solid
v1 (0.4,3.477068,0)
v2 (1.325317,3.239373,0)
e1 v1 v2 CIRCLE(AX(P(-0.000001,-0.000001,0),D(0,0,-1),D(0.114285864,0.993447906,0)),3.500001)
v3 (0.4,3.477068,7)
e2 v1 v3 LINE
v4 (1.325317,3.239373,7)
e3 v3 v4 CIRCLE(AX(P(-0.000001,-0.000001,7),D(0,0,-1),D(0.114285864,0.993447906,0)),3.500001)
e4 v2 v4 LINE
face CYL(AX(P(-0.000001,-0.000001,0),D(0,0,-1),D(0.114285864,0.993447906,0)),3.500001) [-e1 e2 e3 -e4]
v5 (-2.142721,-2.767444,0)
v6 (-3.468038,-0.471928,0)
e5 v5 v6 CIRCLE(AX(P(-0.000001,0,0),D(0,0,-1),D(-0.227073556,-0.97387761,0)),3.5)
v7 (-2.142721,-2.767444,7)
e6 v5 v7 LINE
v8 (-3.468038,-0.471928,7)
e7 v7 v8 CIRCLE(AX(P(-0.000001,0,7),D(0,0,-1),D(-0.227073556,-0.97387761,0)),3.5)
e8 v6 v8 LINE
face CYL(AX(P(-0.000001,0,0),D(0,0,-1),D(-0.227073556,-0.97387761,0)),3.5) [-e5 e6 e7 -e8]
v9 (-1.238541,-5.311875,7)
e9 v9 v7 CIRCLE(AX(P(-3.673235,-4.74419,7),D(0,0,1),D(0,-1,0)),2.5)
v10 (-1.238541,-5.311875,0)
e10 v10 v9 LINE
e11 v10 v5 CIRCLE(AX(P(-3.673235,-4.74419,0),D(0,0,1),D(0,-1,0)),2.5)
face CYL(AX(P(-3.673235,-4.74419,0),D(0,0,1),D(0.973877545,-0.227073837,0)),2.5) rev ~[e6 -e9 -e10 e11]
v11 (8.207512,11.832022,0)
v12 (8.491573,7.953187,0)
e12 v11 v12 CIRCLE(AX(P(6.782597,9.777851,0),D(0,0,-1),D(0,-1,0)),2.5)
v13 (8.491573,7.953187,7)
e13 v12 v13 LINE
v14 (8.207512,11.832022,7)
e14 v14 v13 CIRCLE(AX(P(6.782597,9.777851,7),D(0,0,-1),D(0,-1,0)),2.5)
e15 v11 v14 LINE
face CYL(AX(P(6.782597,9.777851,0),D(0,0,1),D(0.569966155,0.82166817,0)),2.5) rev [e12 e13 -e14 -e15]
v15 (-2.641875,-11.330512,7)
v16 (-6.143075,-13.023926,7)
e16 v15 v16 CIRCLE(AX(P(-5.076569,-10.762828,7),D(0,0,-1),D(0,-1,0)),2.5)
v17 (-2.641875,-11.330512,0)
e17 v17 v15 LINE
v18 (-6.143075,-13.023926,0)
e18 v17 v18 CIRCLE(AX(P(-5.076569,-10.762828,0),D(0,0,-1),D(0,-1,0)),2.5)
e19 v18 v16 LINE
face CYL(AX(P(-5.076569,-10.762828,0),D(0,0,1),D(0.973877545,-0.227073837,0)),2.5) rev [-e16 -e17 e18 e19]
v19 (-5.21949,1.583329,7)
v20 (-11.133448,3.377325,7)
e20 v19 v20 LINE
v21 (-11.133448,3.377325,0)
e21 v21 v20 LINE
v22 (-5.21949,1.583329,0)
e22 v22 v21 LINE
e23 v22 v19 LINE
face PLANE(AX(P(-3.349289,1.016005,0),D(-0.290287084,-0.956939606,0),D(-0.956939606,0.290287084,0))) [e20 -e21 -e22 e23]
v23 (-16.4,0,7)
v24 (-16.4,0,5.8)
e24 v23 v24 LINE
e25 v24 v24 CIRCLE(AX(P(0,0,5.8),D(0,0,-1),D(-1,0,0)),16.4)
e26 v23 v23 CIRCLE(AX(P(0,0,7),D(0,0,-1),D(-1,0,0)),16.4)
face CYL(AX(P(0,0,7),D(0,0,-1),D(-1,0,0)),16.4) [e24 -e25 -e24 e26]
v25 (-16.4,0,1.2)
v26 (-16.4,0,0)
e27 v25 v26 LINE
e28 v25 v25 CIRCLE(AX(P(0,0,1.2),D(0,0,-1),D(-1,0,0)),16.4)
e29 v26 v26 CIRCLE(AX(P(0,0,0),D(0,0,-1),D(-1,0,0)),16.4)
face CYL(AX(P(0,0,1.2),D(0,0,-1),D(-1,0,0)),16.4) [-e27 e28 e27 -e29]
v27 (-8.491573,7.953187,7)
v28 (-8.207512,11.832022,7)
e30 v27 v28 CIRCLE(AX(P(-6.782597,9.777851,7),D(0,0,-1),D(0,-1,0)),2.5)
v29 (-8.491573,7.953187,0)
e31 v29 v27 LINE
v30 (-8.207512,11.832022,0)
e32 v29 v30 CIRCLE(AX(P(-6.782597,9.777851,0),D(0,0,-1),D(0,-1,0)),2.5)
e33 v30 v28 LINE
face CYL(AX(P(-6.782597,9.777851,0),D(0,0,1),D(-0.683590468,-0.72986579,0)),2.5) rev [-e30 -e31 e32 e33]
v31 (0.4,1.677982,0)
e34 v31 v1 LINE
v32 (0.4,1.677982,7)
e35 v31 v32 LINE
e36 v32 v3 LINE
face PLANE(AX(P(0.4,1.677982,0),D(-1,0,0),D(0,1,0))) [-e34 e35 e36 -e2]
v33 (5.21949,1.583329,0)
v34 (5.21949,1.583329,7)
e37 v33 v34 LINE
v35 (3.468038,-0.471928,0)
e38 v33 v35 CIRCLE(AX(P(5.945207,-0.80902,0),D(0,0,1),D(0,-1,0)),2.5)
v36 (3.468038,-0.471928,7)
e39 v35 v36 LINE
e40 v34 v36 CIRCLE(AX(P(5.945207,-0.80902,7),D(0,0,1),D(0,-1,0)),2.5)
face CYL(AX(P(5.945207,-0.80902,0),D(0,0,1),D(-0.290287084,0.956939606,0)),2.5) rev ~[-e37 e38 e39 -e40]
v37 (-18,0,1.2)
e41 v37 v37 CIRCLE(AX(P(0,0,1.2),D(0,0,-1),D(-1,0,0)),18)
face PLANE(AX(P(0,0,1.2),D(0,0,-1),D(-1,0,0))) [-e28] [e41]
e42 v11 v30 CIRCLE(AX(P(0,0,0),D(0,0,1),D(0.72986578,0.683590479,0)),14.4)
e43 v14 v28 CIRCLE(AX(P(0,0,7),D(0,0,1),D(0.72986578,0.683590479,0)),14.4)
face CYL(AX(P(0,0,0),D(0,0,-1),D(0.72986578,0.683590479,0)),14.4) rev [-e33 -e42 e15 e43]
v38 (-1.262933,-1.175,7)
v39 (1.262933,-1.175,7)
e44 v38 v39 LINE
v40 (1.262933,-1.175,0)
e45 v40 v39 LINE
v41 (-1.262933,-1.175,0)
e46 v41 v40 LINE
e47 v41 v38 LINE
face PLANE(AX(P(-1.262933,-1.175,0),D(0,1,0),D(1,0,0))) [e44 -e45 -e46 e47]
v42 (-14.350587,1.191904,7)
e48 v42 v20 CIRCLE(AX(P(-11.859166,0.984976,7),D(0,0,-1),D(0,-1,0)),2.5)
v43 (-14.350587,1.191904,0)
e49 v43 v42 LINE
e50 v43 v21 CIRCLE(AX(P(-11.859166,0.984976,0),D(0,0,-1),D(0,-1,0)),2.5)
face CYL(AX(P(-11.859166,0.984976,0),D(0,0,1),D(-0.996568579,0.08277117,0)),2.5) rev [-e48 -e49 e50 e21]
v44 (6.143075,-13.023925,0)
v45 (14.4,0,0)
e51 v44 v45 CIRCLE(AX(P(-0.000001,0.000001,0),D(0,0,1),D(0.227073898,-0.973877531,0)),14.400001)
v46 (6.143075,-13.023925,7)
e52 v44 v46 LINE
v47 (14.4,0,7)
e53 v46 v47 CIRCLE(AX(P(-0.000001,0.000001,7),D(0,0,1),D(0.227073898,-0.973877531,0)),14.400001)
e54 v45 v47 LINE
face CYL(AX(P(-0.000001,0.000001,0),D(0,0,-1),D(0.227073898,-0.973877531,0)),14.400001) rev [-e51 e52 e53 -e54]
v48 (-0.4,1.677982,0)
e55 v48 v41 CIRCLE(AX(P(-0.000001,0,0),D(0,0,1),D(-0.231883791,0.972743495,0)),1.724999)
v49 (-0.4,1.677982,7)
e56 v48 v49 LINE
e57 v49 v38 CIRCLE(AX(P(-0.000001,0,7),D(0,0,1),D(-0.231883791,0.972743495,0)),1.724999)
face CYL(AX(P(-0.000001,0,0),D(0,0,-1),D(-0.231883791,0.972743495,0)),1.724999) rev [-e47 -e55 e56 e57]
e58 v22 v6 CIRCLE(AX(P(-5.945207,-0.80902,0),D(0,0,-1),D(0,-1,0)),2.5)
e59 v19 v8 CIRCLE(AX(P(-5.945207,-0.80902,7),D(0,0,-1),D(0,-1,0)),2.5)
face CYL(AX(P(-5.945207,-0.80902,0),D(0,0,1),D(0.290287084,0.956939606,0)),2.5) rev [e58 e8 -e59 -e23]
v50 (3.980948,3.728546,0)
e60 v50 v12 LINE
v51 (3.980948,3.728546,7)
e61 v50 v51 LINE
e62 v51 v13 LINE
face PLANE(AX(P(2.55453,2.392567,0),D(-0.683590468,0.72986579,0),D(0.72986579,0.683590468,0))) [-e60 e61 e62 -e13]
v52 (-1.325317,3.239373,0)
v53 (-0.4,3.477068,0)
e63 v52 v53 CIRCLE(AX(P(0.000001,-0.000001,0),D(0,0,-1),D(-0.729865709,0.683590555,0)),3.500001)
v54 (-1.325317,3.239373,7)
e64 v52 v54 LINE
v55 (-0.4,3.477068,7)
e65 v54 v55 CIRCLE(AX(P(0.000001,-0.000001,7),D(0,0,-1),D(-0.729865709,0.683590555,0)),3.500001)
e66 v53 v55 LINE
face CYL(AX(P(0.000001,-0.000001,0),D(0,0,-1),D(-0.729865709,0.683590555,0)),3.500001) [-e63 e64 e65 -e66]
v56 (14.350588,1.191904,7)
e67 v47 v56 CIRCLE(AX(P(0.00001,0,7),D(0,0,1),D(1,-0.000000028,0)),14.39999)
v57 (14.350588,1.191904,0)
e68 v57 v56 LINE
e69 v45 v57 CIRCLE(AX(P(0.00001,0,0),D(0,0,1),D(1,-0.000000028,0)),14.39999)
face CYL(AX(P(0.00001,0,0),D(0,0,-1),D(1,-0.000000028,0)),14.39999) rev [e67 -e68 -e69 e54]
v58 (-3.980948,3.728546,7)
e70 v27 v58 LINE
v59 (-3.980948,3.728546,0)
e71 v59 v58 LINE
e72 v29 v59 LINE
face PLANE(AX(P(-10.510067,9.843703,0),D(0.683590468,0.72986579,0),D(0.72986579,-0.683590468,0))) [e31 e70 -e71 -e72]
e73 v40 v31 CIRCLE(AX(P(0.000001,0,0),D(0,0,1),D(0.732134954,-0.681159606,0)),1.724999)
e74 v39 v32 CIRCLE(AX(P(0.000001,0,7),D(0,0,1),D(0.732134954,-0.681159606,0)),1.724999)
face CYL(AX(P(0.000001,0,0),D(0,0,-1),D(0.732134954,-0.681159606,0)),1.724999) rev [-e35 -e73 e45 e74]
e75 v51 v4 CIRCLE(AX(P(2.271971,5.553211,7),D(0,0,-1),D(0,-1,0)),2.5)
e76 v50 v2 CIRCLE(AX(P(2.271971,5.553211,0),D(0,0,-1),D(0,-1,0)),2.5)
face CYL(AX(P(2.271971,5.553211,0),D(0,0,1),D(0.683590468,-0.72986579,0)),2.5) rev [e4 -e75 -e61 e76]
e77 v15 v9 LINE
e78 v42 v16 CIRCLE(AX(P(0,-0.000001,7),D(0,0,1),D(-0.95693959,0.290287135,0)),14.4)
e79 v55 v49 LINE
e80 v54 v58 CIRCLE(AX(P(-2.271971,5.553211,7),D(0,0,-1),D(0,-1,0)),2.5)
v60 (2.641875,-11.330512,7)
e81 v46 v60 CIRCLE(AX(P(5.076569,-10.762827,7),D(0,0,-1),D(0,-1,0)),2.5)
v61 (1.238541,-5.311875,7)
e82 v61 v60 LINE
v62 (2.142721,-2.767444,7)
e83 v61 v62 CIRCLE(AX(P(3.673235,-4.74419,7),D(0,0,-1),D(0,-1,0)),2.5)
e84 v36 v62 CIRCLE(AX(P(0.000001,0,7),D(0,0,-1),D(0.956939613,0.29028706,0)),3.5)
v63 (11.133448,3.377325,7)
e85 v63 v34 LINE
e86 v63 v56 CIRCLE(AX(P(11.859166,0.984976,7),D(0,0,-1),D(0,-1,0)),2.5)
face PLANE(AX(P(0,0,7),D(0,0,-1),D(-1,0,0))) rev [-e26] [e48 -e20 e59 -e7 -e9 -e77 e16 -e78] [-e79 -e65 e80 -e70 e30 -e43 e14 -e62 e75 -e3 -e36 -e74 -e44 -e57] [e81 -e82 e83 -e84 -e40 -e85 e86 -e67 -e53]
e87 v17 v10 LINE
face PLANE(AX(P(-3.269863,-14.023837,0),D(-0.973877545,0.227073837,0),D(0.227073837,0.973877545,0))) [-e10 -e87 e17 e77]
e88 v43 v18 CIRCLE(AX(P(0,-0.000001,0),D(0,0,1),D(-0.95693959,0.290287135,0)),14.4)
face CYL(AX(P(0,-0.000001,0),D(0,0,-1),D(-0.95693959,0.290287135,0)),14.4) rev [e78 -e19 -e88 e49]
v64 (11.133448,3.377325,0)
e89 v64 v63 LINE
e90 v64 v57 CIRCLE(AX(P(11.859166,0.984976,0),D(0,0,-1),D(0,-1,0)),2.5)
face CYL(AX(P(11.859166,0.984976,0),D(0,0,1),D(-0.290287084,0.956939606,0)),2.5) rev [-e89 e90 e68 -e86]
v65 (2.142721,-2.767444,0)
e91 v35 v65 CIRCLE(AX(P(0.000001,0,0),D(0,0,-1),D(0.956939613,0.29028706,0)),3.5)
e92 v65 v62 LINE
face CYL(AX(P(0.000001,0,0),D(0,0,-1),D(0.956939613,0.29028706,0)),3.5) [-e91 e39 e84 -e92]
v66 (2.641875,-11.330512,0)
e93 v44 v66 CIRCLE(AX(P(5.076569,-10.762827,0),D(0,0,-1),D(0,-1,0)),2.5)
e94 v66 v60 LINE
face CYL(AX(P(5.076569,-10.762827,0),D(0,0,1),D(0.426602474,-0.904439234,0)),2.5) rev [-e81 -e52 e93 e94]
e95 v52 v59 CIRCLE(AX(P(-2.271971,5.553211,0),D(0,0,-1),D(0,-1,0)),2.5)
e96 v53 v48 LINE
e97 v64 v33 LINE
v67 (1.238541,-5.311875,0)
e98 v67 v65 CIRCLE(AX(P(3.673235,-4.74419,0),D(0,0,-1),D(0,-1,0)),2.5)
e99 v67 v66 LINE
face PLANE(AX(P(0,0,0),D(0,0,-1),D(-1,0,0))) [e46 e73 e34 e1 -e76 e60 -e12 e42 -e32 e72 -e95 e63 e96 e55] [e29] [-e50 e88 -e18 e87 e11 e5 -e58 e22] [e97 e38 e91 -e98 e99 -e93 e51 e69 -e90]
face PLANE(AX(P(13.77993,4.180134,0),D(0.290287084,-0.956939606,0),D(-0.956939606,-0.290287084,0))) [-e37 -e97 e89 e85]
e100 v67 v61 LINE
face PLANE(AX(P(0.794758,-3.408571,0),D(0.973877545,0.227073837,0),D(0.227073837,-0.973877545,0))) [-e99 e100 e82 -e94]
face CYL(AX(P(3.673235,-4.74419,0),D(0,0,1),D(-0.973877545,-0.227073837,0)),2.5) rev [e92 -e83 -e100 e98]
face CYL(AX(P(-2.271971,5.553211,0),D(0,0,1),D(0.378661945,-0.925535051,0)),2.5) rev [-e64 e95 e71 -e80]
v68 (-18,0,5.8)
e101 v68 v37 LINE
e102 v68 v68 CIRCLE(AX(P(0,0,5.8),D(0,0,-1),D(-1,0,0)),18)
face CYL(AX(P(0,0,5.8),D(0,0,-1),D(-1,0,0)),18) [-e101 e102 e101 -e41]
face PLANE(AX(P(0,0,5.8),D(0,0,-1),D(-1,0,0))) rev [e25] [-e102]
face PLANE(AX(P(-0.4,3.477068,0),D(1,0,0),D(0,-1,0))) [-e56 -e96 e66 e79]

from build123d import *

# Parameters (mm, degrees)
F3_DEPTH = 7
F4_R     = 2.5


with BuildPart() as f1:
    # F0 (on Front) → F1 (revolve)
    with BuildSketch(Plane.XZ):
        Polygon((-16.4, 0), (0, 0), (0, 7), (-16.4, 7), (-16.4, 5.8), (-18, 5.8), (-18, 1.2), (-16.4, 1.2), align=None)
    revolve(axis=Axis((0, 0, 3.5), (0, 0, -1)))

    # F2 (on Top) → F3 (cut, through all)
    with BuildSketch(Plane.XY):
        with BuildLine():
            Line((-0.4, 3.477068), (-0.4, 1.677982))
            ThreePointArc((-0.4, 1.677982), (-1.651125, 0.499411), (-1.262933, -1.175))
            Line((-1.262933, -1.175), (1.262933, -1.175))
            ThreePointArc((1.262933, -1.175), (1.651125, 0.499411), (0.4, 1.677982))
            Line((0.4, 1.677982), (0.4, 3.477068))
            ThreePointArc((0.4, 3.477068), (1.573642, 3.126284), (2.55453, 2.392567))
            Line((2.55453, 2.392567), (10.510067, 9.843703))
            ThreePointArc((10.510067, 9.843703), (0, 14.4), (-10.510067, 9.843703))
            Line((-10.510067, 9.843703), (-2.55453, 2.392567))
            ThreePointArc((-2.55453, 2.392567), (-1.573642, 3.126284), (-0.4, 3.477068))
        make_face()
        with BuildLine():
            ThreePointArc((3.349289, 1.016005), (3.031089, -1.75), (0.794758, -3.408571))
            Line((0.794758, -3.408571), (3.269863, -14.023837))
            ThreePointArc((3.269863, -14.023837), (11.279318, -8.951926), (14.4, 0))
            ThreePointArc((14.4, 0), (14.244139, 2.112937), (13.77993, 4.180134))
            Line((13.77993, 4.180134), (3.349289, 1.016005))
        make_face()
        with BuildLine():
            ThreePointArc((-0.794758, -3.408571), (-3.031089, -1.75), (-3.349289, 1.016005))
            Line((-3.349289, 1.016005), (-13.77993, 4.180134))
            ThreePointArc((-13.77993, 4.180134), (-12.470766, -7.2), (-3.269863, -14.023837))
            Line((-3.269863, -14.023837), (-0.794758, -3.408571))
        make_face()
    extrude(amount=F3_DEPTH, mode=Mode.SUBTRACT)

    # F4
    f4_edges = [f1.edges().sort_by_distance(p)[0] for p in [
        (-3.349289, 1.016005, 3.5),
        (-0.794758, -3.408571, 3.5),
        (0.794758, -3.408571, 3.5),
        (3.349289, 1.016005, 3.5),
        (-2.55453, 2.392567, 3.5),
        (2.55453, 2.392567, 3.5),
        (-10.510067, 9.843703, 3.5),
        (10.510067, 9.843703, 3.5),
        (13.77993, 4.180134, 3.5),
        (3.269863, -14.023837, 3.5),
        (-3.269863, -14.023837, 3.5),
        (-13.77993, 4.180134, 3.5),
    ]]
    fillet(f4_edges, radius=F4_R)


solid = f1.part
